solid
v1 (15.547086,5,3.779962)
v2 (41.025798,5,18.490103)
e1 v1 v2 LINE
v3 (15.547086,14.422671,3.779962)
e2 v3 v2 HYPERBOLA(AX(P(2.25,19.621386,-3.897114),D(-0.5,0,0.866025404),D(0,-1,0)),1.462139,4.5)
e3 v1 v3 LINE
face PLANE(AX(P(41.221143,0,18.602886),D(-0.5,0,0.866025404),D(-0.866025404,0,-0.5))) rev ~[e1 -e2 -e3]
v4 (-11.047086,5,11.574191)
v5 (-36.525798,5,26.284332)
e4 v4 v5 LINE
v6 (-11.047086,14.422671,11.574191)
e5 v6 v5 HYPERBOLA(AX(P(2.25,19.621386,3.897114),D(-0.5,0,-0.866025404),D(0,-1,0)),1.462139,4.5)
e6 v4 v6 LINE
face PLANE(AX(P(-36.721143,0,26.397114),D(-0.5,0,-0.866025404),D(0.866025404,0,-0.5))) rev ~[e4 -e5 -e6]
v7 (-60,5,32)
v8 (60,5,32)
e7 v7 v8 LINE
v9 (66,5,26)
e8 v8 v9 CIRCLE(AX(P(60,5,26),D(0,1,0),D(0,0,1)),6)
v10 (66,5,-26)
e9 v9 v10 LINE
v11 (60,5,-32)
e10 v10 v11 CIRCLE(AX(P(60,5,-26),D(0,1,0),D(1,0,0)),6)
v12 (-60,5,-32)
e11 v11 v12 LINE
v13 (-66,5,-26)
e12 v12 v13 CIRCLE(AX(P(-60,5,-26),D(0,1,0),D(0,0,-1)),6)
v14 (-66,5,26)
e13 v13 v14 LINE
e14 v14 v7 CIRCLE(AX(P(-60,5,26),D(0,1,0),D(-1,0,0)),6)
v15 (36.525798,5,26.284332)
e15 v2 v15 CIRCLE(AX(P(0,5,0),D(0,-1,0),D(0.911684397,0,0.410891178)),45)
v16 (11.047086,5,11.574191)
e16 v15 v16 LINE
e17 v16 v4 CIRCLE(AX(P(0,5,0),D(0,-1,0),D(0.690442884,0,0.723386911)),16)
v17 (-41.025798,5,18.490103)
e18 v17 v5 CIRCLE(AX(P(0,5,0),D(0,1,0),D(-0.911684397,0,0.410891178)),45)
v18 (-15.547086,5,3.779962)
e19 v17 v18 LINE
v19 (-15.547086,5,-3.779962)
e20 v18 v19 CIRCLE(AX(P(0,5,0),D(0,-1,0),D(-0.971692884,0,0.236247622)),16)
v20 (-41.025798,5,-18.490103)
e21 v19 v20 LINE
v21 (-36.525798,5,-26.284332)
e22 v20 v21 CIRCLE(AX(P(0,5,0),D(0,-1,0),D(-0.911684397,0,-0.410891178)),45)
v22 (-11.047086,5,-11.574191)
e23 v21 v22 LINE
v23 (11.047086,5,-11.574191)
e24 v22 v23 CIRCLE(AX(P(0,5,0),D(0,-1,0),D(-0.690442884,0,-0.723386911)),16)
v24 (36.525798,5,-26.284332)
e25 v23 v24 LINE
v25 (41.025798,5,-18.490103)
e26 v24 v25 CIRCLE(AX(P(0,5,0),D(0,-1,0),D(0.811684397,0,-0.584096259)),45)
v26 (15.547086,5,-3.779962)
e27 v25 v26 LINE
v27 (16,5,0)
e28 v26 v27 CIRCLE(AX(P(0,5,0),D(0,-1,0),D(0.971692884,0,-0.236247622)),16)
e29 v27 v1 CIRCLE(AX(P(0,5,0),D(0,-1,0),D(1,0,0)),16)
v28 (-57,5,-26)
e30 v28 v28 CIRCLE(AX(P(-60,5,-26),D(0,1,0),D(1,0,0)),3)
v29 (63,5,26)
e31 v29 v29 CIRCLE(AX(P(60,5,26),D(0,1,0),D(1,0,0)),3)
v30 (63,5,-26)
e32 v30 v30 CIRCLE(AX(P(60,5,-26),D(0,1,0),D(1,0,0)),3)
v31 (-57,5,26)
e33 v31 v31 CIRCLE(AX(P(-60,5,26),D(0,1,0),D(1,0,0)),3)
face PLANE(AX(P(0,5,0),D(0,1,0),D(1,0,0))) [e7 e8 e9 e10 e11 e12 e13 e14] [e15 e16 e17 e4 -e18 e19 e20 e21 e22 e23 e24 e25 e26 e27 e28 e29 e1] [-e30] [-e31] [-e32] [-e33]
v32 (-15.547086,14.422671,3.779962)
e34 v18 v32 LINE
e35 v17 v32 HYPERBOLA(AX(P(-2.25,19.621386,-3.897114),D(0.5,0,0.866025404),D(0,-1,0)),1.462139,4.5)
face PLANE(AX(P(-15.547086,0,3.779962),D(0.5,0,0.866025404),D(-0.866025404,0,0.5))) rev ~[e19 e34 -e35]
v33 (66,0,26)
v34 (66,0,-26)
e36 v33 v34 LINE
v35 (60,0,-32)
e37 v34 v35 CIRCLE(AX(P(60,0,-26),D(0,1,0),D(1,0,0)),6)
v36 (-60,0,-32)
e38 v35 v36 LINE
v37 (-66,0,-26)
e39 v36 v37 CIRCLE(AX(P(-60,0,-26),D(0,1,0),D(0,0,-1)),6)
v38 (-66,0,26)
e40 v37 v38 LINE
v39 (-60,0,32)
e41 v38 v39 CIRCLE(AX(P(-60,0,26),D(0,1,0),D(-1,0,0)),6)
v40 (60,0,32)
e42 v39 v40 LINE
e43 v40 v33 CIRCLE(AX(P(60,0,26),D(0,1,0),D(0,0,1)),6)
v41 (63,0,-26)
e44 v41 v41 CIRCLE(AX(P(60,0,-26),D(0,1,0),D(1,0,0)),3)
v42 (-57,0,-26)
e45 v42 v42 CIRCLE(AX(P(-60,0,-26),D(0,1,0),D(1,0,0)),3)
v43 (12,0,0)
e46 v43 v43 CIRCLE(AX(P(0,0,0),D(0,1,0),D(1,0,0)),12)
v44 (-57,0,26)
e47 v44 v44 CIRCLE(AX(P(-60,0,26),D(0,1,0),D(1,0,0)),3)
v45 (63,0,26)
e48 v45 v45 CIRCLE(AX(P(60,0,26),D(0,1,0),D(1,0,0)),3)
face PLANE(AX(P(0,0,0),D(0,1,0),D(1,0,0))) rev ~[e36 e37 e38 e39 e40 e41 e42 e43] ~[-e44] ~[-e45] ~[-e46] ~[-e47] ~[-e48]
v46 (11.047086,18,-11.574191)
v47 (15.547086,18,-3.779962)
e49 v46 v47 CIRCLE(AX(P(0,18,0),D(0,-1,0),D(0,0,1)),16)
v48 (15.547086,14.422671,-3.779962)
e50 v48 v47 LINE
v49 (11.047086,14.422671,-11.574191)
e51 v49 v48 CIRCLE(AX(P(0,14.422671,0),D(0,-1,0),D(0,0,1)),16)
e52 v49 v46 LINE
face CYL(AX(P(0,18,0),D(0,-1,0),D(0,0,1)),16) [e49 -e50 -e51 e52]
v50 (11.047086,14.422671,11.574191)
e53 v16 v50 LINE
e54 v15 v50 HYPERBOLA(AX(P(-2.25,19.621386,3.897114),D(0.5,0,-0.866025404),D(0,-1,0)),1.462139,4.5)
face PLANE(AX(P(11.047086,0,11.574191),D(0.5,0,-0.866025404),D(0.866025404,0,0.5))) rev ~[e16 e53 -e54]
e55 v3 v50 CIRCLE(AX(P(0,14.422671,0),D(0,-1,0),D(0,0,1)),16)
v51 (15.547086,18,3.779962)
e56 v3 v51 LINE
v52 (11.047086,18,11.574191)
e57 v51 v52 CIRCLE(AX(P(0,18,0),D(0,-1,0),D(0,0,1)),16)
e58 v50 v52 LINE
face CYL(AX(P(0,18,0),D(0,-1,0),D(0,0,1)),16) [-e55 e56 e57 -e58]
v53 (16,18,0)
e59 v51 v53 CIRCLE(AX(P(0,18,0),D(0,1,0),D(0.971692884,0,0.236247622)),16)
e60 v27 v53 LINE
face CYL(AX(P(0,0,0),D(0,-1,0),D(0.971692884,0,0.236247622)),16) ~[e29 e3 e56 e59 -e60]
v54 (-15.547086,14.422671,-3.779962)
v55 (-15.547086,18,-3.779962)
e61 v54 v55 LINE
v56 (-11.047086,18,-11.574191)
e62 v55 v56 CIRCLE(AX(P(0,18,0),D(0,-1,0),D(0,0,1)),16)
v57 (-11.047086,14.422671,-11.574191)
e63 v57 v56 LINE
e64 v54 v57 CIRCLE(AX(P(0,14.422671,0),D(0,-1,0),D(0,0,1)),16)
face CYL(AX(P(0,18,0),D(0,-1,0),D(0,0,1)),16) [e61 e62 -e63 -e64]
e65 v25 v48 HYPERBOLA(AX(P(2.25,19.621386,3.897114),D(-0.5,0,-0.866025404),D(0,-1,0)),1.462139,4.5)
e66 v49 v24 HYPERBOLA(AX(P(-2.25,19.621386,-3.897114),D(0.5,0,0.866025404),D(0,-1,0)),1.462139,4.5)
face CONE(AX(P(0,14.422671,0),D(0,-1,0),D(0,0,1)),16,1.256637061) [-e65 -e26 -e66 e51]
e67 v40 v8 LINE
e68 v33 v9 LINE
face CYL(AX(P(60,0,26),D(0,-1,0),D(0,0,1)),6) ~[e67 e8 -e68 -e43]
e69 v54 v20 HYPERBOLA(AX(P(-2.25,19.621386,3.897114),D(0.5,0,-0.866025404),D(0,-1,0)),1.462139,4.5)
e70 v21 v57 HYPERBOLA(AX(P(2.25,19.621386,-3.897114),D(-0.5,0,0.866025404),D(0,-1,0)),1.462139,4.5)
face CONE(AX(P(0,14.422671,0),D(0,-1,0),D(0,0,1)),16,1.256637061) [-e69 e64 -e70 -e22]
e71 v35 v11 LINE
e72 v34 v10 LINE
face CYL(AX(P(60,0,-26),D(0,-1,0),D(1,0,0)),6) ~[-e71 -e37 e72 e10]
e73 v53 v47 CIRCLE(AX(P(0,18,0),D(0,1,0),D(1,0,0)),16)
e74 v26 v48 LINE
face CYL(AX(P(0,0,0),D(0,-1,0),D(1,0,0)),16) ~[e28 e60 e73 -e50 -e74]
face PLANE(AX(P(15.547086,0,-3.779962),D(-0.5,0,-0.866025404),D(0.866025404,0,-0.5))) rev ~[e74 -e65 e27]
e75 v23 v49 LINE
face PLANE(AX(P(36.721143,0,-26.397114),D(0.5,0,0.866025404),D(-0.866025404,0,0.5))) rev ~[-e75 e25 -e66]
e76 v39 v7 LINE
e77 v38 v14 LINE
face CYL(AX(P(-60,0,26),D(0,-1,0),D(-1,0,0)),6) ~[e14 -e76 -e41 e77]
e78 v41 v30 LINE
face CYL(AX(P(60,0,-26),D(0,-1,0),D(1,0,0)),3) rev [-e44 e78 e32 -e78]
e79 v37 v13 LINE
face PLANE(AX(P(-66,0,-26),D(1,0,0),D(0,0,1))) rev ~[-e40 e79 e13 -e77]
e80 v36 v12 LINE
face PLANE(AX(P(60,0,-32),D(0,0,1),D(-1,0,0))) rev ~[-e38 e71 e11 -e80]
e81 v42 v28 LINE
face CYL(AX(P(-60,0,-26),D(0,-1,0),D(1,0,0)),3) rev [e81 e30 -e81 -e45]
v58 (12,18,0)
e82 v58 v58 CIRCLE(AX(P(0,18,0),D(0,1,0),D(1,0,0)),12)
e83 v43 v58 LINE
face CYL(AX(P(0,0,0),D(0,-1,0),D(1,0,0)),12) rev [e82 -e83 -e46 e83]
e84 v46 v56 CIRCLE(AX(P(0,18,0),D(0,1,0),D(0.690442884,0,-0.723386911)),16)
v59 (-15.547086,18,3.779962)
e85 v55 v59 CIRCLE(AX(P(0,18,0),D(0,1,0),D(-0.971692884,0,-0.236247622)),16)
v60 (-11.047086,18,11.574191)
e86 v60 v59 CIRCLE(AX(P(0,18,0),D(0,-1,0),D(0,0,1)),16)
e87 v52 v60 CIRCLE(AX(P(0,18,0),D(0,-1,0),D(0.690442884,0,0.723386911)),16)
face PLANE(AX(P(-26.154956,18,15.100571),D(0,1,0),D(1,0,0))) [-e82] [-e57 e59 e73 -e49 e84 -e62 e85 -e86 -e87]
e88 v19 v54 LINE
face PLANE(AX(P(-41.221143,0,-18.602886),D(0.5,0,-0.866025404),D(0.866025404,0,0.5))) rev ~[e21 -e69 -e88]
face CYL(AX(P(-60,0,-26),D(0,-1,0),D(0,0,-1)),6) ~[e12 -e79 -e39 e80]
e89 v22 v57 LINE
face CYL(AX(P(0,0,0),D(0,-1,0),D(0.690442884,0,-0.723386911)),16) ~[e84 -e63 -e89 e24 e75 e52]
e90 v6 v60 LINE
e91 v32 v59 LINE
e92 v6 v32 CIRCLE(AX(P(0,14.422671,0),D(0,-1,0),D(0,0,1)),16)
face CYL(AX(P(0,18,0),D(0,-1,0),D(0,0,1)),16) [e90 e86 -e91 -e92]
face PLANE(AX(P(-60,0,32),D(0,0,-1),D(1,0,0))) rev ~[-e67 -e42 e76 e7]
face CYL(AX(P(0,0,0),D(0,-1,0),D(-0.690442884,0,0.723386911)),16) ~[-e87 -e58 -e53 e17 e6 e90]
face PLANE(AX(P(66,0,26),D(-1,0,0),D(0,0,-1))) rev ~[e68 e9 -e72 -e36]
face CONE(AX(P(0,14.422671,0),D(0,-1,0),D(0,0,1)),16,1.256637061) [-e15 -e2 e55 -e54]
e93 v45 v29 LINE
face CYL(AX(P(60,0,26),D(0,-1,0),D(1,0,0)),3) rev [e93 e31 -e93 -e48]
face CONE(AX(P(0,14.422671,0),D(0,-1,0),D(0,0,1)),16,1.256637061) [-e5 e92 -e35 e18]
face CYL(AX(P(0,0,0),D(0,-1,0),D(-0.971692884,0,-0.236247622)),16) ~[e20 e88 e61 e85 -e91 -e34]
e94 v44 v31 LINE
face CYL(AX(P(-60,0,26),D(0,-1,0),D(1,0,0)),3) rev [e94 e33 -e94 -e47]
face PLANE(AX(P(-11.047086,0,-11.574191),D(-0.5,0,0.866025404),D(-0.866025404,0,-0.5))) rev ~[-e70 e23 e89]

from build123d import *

# Parameters (mm, degrees)
SKETCH1_R           = 12
BOSS_EXTRUDE1_DEPTH = 18
SKETCH1_3_R         = 3
BOSS_EXTRUDE2_DEPTH = 5
BOSS_EXTRUDE4_DEPTH = 18


with BuildPart() as part:
    # Sketch1 → Boss-Extrude1 (new body)
    with BuildSketch(Plane(origin=(0, 0, 0), x_dir=(1, 0, 0), z_dir=(0, 1, 0))):
        with BuildLine():
            ThreePointArc((-15.547086147, -3.779961949), (-13.856406461, -8), (-11.047086147, -11.574190583))
            ThreePointArc((-11.047086147, -11.574190583), (0, -16), (11.047086147, -11.574190583))
            ThreePointArc((11.047086147, -11.574190583), (13.856406461, -8), (15.547086147, -3.779961949))
            ThreePointArc((15.547086147, -3.779961949), (15.88636803, -1.903499625), (16, 0))
            ThreePointArc((16, 0), (15.88636803, 1.903499625), (15.547086147, 3.779961949))
            ThreePointArc((15.547086147, 3.779961949), (13.856406461, 8), (11.047086147, 11.574190583))
            ThreePointArc((11.047086147, 11.574190583), (0, 16), (-11.047086147, 11.574190583))
            ThreePointArc((-11.047086147, 11.574190583), (-13.856406461, 8), (-15.547086147, 3.779961949))
            ThreePointArc((-15.547086147, 3.779961949), (-16, 0), (-15.547086147, -3.779961949))
        make_face()
        Circle(SKETCH1_R, mode=Mode.SUBTRACT)
    extrude(amount=BOSS_EXTRUDE1_DEPTH)

    # Sketch1<3> → Boss-Extrude2 (add)
    with BuildSketch(Plane(origin=(0, 0, 0), x_dir=(1, 0, 0), z_dir=(0, 1, 0))):
        with BuildLine():
            ThreePointArc((-60, 32), (-64.242640687, 30.242640687), (-66, 26))
            Line((-66, 26), (-66, -26))
            ThreePointArc((-66, -26), (-64.242640687, -30.242640687), (-60, -32))
            Line((-60, -32), (60, -32))
            ThreePointArc((60, -32), (64.242640687, -30.242640687), (66, -26))
            Line((66, -26), (66, 26))
            ThreePointArc((66, 26), (64.242640687, 30.242640687), (60, 32))
            Line((60, 32), (-60, 32))
        make_face()
        with Locations((-60, -26)):
            Circle(SKETCH1_3_R, mode=Mode.SUBTRACT)
        with Locations((60, -26)):
            Circle(SKETCH1_3_R, mode=Mode.SUBTRACT)
        with Locations((-60, 26)):
            Circle(SKETCH1_3_R, mode=Mode.SUBTRACT)
        with BuildLine():
            ThreePointArc((11.047086147, -11.574190583), (0, -16), (-11.047086147, -11.574190583))
            Line((-11.047086147, -11.574190583), (-36.72114317, -26.397114317))
            Line((-36.72114317, -26.397114317), (-41.22114317, -18.602885683))
            Line((-41.22114317, -18.602885683), (-15.547086147, -3.779961949))
            ThreePointArc((-15.547086147, -3.779961949), (-16, 0), (-15.547086147, 3.779961949))
            Line((-15.547086147, 3.779961949), (-41.22114317, 18.602885683))
            Line((-41.22114317, 18.602885683), (-36.72114317, 26.397114317))
            Line((-36.72114317, 26.397114317), (-11.047086147, 11.574190583))
            ThreePointArc((-11.047086147, 11.574190583), (0, 16), (11.047086147, 11.574190583))
            Line((11.047086147, 11.574190583), (36.72114317, 26.397114317))
            Line((36.72114317, 26.397114317), (41.22114317, 18.602885683))
            Line((41.22114317, 18.602885683), (15.547086147, 3.779961949))
            ThreePointArc((15.547086147, 3.779961949), (15.88636803, 1.903499625), (16, 0))
            ThreePointArc((16, 0), (15.88636803, -1.903499625), (15.547086147, -3.779961949))
            Line((15.547086147, -3.779961949), (41.22114317, -18.602885683))
            Line((41.22114317, -18.602885683), (36.72114317, -26.397114317))
            Line((36.72114317, -26.397114317), (11.047086147, -11.574190583))
        make_face(mode=Mode.SUBTRACT)
        with Locations((60, 26)):
            Circle(SKETCH1_3_R, mode=Mode.SUBTRACT)
    extrude(amount=BOSS_EXTRUDE2_DEPTH)

    # Sketch1<6> → Boss-Extrude4 (add)
    with BuildSketch(Plane(origin=(0, 0, 0), x_dir=(1, 0, 0), z_dir=(0, 1, 0))):
        with BuildLine():
            Line((-36.72114317, -26.397114317), (-11.047086147, -11.574190583))
            ThreePointArc((-11.047086147, -11.574190583), (-13.856406461, -8), (-15.547086147, -3.779961949))
            Line((-15.547086147, -3.779961949), (-41.22114317, -18.602885683))
            Line((-41.22114317, -18.602885683), (-36.72114317, -26.397114317))
        make_face()
        with BuildLine():
            ThreePointArc((15.547086147, -3.779961949), (13.856406461, -8), (11.047086147, -11.574190583))
            Line((11.047086147, -11.574190583), (36.72114317, -26.397114317))
            Line((36.72114317, -26.397114317), (41.22114317, -18.602885683))
            Line((41.22114317, -18.602885683), (15.547086147, -3.779961949))
        make_face()
        with BuildLine():
            Line((-41.22114317, 18.602885683), (-15.547086147, 3.779961949))
            ThreePointArc((-15.547086147, 3.779961949), (-13.856406461, 8), (-11.047086147, 11.574190583))
            Line((-11.047086147, 11.574190583), (-36.72114317, 26.397114317))
            Line((-36.72114317, 26.397114317), (-41.22114317, 18.602885683))
        make_face()
        with BuildLine():
            Line((36.72114317, 26.397114317), (11.047086147, 11.574190583))
            ThreePointArc((11.047086147, 11.574190583), (13.856406461, 8), (15.547086147, 3.779961949))
            Line((15.547086147, 3.779961949), (41.22114317, 18.602885683))
            Line((41.22114317, 18.602885683), (36.72114317, 26.397114317))
        make_face()
    extrude(amount=BOSS_EXTRUDE4_DEPTH)

    # Sketch18 → Cut-Revolve4 (revolve, cut)
    with BuildSketch(Plane(origin=(0, 0, 0), x_dir=(0, -1, 0), z_dir=(-1, 0, 0))):
        Polygon((-18, 16), (-14.422671191, 16), (-5, 45), (-5, 47.498753947), (-18, 47.498753947), align=None)
    revolve(axis=Axis((0, 18.9, 0), (0, -1, 0)), mode=Mode.SUBTRACT)


solid = part.part
